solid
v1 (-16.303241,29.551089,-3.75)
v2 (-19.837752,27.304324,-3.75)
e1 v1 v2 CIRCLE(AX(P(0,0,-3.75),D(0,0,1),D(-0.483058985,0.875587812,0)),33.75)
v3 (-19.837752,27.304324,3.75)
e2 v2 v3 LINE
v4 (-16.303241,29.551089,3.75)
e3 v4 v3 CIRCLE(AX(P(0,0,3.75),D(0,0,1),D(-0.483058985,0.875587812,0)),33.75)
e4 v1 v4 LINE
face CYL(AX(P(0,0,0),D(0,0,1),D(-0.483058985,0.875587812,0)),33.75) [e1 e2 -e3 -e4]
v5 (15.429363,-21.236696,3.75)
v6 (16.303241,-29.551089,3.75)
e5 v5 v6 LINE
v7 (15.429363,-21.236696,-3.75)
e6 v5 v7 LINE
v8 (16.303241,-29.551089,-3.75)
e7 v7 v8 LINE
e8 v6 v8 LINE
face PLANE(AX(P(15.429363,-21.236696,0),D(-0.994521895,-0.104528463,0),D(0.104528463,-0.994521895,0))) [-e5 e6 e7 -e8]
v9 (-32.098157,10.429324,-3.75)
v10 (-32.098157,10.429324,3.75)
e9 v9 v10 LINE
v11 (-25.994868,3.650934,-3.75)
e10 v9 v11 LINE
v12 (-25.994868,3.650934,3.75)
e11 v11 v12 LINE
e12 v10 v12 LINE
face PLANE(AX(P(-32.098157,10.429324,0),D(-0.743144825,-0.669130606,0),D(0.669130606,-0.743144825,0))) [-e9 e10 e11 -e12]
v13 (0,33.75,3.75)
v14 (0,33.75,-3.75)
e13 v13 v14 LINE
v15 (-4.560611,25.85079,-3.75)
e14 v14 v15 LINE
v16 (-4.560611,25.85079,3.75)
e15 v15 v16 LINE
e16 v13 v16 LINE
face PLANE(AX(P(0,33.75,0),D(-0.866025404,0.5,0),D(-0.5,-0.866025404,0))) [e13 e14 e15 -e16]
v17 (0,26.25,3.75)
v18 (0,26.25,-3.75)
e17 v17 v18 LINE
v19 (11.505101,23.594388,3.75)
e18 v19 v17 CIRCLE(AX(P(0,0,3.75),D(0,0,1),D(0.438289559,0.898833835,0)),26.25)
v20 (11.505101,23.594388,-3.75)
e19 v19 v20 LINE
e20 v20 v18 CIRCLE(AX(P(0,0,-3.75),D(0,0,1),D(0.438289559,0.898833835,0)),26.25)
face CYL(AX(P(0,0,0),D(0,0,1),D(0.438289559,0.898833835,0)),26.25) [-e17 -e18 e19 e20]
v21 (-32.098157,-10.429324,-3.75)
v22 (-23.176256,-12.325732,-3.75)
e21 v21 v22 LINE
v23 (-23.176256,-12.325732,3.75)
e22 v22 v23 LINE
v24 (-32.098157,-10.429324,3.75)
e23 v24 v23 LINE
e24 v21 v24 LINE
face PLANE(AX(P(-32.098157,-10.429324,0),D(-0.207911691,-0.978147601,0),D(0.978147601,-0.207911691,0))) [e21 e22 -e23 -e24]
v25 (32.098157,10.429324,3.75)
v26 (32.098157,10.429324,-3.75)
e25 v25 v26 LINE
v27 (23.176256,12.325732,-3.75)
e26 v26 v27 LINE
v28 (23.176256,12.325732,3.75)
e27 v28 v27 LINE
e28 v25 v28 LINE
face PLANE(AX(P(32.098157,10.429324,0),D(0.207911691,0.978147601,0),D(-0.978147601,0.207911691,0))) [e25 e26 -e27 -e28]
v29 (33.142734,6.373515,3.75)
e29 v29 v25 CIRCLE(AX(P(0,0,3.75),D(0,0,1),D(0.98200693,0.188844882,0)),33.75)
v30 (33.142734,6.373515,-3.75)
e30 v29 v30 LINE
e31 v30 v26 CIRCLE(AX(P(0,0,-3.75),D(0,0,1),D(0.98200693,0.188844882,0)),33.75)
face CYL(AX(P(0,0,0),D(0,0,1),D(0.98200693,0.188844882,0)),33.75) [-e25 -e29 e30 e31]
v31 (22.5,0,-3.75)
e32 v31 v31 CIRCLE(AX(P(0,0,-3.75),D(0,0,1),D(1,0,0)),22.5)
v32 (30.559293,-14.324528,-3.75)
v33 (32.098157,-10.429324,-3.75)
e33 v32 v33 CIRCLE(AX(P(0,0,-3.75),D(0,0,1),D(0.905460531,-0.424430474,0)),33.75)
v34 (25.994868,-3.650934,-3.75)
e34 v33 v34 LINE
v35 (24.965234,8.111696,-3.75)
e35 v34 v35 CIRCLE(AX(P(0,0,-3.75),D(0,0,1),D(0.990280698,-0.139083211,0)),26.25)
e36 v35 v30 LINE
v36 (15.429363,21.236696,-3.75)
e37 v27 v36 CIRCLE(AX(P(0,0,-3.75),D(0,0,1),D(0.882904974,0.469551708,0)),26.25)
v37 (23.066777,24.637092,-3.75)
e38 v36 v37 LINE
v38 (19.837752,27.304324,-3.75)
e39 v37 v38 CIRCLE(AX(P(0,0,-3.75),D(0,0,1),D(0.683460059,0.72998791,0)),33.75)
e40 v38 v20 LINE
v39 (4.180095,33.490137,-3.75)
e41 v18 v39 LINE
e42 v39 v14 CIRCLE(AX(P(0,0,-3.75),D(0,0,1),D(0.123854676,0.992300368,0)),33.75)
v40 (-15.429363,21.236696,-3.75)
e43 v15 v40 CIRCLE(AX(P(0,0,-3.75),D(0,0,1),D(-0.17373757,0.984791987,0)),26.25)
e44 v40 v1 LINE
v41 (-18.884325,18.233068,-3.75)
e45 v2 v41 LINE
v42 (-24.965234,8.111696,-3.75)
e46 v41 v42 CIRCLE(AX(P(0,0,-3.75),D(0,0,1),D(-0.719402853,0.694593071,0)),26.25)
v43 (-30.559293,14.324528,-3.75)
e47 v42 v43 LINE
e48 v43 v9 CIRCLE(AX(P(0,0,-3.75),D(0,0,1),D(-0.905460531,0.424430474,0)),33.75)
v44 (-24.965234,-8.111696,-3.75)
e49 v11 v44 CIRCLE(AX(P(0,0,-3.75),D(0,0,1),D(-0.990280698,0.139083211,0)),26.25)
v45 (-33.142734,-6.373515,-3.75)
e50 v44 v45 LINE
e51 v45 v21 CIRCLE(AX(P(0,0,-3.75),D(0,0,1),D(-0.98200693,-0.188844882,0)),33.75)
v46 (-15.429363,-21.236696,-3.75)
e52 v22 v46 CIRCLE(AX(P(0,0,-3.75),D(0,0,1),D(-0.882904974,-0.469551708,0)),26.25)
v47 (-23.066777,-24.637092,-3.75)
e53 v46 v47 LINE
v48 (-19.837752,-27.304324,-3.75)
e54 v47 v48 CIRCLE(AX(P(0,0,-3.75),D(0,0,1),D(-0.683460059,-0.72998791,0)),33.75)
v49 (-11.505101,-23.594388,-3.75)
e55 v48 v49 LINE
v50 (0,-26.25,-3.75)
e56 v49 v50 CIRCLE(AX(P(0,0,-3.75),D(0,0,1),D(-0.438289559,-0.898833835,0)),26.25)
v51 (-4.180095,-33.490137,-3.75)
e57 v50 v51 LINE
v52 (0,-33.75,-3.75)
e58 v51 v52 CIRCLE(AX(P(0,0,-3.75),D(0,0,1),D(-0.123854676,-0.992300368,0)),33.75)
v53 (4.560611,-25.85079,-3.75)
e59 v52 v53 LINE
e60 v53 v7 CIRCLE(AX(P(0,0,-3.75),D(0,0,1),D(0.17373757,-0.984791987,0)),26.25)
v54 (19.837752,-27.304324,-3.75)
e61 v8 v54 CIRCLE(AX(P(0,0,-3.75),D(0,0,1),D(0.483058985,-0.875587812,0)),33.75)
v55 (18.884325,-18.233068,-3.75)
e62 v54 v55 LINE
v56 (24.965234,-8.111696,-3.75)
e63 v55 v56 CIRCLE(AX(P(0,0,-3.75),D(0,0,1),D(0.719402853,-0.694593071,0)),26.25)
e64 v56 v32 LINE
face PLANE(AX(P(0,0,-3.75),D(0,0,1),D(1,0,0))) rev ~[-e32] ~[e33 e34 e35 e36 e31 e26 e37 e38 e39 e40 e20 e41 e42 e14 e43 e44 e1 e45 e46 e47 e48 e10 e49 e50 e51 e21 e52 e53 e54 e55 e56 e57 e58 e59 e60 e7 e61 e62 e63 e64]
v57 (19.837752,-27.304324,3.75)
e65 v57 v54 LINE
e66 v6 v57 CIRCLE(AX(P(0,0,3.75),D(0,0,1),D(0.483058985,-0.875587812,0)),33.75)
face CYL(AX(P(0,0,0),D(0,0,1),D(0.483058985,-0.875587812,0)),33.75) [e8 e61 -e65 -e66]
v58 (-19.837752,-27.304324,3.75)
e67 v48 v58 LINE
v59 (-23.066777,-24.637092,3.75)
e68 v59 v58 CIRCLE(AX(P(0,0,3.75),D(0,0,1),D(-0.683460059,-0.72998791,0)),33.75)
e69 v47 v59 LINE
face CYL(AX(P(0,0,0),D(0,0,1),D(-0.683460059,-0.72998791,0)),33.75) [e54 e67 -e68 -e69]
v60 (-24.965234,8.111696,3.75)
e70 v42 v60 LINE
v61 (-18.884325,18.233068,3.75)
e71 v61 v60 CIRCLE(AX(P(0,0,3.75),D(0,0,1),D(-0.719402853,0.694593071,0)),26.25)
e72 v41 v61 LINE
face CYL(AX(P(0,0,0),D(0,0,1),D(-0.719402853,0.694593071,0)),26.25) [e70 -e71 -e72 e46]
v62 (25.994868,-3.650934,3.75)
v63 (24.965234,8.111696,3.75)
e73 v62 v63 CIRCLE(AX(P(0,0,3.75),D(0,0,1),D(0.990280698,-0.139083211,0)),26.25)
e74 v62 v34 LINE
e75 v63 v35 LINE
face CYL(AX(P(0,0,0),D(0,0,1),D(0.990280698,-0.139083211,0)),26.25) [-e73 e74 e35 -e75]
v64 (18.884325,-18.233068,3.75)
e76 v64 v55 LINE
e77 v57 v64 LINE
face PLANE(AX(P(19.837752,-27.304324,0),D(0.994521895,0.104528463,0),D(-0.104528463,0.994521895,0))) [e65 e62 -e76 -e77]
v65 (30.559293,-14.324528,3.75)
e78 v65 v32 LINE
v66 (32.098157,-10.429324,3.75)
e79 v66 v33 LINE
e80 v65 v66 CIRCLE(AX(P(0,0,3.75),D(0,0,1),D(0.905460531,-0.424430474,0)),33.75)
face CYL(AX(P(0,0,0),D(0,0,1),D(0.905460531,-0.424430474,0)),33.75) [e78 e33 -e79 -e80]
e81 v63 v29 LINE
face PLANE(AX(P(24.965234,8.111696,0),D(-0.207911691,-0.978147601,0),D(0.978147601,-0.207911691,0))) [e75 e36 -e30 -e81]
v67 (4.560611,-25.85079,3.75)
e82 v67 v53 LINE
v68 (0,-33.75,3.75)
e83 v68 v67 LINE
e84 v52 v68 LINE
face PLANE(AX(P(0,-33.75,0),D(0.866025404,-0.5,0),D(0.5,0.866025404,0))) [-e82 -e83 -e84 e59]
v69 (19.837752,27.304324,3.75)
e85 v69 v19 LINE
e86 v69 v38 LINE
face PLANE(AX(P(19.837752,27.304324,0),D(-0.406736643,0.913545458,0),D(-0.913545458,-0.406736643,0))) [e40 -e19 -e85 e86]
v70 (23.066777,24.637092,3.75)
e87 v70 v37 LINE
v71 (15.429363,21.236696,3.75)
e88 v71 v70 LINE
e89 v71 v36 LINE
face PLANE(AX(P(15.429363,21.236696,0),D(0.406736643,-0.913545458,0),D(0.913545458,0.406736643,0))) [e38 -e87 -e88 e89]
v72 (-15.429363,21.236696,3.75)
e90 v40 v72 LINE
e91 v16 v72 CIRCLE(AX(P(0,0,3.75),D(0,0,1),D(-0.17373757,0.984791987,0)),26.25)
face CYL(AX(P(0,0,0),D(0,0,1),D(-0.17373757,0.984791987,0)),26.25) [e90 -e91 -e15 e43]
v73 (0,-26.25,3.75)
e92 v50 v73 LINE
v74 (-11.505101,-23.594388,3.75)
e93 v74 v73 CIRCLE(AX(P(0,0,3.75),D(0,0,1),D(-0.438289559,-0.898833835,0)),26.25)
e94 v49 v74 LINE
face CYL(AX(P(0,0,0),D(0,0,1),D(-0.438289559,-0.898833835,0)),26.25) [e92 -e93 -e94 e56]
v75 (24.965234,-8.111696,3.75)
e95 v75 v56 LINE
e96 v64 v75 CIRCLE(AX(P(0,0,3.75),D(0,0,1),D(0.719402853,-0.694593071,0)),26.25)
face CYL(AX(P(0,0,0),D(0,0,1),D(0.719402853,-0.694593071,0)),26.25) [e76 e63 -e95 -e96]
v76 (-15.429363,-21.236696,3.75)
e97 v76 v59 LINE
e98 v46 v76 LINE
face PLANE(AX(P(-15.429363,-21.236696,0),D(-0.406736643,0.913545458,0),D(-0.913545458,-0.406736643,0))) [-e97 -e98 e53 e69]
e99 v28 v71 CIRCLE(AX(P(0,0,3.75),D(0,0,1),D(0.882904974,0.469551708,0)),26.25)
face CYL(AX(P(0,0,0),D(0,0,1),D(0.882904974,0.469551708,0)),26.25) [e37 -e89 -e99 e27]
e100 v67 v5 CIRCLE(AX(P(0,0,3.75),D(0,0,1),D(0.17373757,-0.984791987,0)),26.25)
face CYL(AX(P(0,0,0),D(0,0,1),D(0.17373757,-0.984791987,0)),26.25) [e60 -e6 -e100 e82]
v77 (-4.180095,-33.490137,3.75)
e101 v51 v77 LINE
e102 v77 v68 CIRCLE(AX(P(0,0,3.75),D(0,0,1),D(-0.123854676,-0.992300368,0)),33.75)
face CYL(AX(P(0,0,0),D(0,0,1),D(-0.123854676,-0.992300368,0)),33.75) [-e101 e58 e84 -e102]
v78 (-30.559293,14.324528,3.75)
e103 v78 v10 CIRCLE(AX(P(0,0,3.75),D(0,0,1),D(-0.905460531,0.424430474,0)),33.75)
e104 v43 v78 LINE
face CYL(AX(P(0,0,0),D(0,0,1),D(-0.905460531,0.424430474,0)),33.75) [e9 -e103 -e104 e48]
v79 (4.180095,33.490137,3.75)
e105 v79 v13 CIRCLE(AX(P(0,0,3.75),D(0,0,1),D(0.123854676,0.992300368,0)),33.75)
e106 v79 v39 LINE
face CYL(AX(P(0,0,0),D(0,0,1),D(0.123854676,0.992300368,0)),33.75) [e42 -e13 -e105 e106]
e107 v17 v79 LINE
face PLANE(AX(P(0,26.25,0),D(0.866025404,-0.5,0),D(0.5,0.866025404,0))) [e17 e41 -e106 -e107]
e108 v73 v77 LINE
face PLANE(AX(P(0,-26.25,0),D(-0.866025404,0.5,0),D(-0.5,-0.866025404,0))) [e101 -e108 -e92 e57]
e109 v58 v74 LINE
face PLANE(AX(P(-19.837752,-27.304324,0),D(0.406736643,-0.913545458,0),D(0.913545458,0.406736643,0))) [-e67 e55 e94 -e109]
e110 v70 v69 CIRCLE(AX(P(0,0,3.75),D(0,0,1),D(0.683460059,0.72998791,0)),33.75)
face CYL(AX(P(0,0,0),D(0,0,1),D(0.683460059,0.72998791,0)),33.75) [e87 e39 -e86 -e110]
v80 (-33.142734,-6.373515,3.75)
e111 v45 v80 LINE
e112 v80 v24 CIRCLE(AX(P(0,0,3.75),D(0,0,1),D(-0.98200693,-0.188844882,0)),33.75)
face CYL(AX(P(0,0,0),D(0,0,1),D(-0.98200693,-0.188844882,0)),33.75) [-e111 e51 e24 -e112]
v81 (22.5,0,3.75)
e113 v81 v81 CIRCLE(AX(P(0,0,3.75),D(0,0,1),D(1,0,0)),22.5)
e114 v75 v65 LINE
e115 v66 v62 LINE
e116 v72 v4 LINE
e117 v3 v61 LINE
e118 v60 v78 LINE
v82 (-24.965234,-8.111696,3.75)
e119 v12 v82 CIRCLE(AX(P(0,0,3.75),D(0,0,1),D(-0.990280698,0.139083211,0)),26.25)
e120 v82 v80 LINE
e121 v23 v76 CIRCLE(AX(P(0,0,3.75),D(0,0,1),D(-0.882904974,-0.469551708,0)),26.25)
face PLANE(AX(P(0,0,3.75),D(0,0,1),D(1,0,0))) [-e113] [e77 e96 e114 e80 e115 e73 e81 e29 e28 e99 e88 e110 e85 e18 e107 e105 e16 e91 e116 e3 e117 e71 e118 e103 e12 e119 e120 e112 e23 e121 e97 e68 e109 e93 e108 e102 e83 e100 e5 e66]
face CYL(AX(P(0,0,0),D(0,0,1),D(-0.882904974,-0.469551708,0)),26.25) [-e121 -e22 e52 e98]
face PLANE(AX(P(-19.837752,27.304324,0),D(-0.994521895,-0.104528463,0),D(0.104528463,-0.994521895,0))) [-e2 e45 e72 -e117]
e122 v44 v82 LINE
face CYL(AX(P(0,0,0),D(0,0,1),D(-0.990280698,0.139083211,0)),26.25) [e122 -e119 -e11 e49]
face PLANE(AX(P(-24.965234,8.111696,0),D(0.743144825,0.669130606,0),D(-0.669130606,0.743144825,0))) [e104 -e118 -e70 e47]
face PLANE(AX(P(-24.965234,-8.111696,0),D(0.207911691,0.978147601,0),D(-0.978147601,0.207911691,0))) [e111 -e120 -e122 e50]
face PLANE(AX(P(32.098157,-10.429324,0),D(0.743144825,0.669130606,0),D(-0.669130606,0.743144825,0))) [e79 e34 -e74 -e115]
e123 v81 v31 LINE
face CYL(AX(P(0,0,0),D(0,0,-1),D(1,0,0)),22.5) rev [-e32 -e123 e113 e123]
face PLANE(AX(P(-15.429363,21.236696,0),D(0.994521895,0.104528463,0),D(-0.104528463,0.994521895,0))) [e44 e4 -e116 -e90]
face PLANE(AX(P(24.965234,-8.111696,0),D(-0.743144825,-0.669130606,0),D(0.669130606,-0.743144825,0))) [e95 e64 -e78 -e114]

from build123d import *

# Parameters (mm, degrees)
SKETCH1_R           = 15
BOSS_EXTRUDE1_DEPTH = 2.5
SCALE1_SCALE        = 1.5


with BuildPart() as part:
    # Sketch1 → Boss-Extrude1 (new, symmetric)
    with BuildSketch(Plane.XY):
        with BuildLine():
            Line((0, 22.5), (-3.040407483, 17.233859763))
            ThreePointArc((-3.040407483, 17.233859763), (-6.838525862, 16.108524577), (-10.286241915, 14.157797402))
            Line((-10.286241915, 14.157797402), (-10.868827163, 19.700725776))
            ThreePointArc((-10.868827163, 19.700725776), (-12.070254205, 18.988390227), (-13.225168177, 18.202882373))
            Line((-13.225168177, 18.202882373), (-12.589549933, 12.155378747))
            ThreePointArc((-12.589549933, 12.155378747), (-15.000836821, 9.012485488), (-16.643489035, 5.407797402))
            Line((-16.643489035, 5.407797402), (-20.372861954, 9.549685638))
            ThreePointArc((-20.372861954, 9.549685638), (-20.926136519, 8.267212977), (-21.398771617, 6.952882373))
            Line((-21.398771617, 6.952882373), (-17.329912211, 2.433956196))
            ThreePointArc((-17.329912211, 2.433956196), (-17.433337974, -1.526016734), (-16.643489035, -5.407797402))
            Line((-16.643489035, -5.407797402), (-22.095155927, -4.249009832))
            ThreePointArc((-22.095155927, -4.249009832), (-21.788945935, -5.611758639), (-21.398771617, -6.952882373))
            Line((-21.398771617, -6.952882373), (-15.450837046, -8.217154895))
            ThreePointArc((-15.450837046, -8.217154895), (-13.206896559, -11.481632431), (-10.286241915, -14.157797402))
            Line((-10.286241915, -14.157797402), (-15.377851323, -16.424727964))
            ThreePointArc((-15.377851323, -16.424727964), (-14.329118584, -17.347229191), (-13.225168177, -18.202882373))
            Line((-13.225168177, -18.202882373), (-7.670067285, -15.729592107))
            ThreePointArc((-7.670067285, -15.729592107), (-3.935869544, -17.051654786), (0, -17.5))
            Line((0, -17.5), (-2.786730187, -22.32675827))
            ThreePointArc((-2.786730187, -22.32675827), (-1.396054962, -22.456647803), (0, -22.5))
            Line((0, -22.5), (3.040407483, -17.233859763))
            ThreePointArc((3.040407483, -17.233859763), (6.838525862, -16.108524577), (10.286241915, -14.157797402))
            Line((10.286241915, -14.157797402), (10.868827163, -19.700725776))
            ThreePointArc((10.868827163, -19.700725776), (12.070254205, -18.988390227), (13.225168177, -18.202882373))
            Line((13.225168177, -18.202882373), (12.589549933, -12.155378747))
            ThreePointArc((12.589549933, -12.155378747), (15.000836821, -9.012485488), (16.643489035, -5.407797402))
            Line((16.643489035, -5.407797402), (20.372861954, -9.549685638))
            ThreePointArc((20.372861954, -9.549685638), (20.926136519, -8.267212977), (21.398771617, -6.952882373))
            Line((21.398771617, -6.952882373), (17.329912211, -2.433956196))
            ThreePointArc((17.329912211, -2.433956196), (17.433337974, 1.526016734), (16.643489035, 5.407797402))
            Line((16.643489035, 5.407797402), (22.095155927, 4.249009832))
            ThreePointArc((22.095155927, 4.249009832), (21.788945935, 5.611758639), (21.398771617, 6.952882373))
            Line((21.398771617, 6.952882373), (15.450837046, 8.217154895))
            ThreePointArc((15.450837046, 8.217154895), (13.206896559, 11.481632431), (10.286241915, 14.157797402))
            Line((10.286241915, 14.157797402), (15.377851323, 16.424727964))
            ThreePointArc((15.377851323, 16.424727964), (14.329118584, 17.347229191), (13.225168177, 18.202882373))
            Line((13.225168177, 18.202882373), (7.670067285, 15.729592107))
            ThreePointArc((7.670067285, 15.729592107), (3.935869544, 17.051654786), (0, 17.5))
            Line((0, 17.5), (2.786730187, 22.32675827))
            ThreePointArc((2.786730187, 22.32675827), (1.396054962, 22.456647803), (0, 22.5))
        make_face()
        Circle(SKETCH1_R, mode=Mode.SUBTRACT)
    extrude(amount=BOSS_EXTRUDE1_DEPTH, both=True)


with BuildPart() as part_1:
    # Scale1: scaled about (0, 0, 0)
    add(part.part.scale(SCALE1_SCALE))


solid = part_1.part
